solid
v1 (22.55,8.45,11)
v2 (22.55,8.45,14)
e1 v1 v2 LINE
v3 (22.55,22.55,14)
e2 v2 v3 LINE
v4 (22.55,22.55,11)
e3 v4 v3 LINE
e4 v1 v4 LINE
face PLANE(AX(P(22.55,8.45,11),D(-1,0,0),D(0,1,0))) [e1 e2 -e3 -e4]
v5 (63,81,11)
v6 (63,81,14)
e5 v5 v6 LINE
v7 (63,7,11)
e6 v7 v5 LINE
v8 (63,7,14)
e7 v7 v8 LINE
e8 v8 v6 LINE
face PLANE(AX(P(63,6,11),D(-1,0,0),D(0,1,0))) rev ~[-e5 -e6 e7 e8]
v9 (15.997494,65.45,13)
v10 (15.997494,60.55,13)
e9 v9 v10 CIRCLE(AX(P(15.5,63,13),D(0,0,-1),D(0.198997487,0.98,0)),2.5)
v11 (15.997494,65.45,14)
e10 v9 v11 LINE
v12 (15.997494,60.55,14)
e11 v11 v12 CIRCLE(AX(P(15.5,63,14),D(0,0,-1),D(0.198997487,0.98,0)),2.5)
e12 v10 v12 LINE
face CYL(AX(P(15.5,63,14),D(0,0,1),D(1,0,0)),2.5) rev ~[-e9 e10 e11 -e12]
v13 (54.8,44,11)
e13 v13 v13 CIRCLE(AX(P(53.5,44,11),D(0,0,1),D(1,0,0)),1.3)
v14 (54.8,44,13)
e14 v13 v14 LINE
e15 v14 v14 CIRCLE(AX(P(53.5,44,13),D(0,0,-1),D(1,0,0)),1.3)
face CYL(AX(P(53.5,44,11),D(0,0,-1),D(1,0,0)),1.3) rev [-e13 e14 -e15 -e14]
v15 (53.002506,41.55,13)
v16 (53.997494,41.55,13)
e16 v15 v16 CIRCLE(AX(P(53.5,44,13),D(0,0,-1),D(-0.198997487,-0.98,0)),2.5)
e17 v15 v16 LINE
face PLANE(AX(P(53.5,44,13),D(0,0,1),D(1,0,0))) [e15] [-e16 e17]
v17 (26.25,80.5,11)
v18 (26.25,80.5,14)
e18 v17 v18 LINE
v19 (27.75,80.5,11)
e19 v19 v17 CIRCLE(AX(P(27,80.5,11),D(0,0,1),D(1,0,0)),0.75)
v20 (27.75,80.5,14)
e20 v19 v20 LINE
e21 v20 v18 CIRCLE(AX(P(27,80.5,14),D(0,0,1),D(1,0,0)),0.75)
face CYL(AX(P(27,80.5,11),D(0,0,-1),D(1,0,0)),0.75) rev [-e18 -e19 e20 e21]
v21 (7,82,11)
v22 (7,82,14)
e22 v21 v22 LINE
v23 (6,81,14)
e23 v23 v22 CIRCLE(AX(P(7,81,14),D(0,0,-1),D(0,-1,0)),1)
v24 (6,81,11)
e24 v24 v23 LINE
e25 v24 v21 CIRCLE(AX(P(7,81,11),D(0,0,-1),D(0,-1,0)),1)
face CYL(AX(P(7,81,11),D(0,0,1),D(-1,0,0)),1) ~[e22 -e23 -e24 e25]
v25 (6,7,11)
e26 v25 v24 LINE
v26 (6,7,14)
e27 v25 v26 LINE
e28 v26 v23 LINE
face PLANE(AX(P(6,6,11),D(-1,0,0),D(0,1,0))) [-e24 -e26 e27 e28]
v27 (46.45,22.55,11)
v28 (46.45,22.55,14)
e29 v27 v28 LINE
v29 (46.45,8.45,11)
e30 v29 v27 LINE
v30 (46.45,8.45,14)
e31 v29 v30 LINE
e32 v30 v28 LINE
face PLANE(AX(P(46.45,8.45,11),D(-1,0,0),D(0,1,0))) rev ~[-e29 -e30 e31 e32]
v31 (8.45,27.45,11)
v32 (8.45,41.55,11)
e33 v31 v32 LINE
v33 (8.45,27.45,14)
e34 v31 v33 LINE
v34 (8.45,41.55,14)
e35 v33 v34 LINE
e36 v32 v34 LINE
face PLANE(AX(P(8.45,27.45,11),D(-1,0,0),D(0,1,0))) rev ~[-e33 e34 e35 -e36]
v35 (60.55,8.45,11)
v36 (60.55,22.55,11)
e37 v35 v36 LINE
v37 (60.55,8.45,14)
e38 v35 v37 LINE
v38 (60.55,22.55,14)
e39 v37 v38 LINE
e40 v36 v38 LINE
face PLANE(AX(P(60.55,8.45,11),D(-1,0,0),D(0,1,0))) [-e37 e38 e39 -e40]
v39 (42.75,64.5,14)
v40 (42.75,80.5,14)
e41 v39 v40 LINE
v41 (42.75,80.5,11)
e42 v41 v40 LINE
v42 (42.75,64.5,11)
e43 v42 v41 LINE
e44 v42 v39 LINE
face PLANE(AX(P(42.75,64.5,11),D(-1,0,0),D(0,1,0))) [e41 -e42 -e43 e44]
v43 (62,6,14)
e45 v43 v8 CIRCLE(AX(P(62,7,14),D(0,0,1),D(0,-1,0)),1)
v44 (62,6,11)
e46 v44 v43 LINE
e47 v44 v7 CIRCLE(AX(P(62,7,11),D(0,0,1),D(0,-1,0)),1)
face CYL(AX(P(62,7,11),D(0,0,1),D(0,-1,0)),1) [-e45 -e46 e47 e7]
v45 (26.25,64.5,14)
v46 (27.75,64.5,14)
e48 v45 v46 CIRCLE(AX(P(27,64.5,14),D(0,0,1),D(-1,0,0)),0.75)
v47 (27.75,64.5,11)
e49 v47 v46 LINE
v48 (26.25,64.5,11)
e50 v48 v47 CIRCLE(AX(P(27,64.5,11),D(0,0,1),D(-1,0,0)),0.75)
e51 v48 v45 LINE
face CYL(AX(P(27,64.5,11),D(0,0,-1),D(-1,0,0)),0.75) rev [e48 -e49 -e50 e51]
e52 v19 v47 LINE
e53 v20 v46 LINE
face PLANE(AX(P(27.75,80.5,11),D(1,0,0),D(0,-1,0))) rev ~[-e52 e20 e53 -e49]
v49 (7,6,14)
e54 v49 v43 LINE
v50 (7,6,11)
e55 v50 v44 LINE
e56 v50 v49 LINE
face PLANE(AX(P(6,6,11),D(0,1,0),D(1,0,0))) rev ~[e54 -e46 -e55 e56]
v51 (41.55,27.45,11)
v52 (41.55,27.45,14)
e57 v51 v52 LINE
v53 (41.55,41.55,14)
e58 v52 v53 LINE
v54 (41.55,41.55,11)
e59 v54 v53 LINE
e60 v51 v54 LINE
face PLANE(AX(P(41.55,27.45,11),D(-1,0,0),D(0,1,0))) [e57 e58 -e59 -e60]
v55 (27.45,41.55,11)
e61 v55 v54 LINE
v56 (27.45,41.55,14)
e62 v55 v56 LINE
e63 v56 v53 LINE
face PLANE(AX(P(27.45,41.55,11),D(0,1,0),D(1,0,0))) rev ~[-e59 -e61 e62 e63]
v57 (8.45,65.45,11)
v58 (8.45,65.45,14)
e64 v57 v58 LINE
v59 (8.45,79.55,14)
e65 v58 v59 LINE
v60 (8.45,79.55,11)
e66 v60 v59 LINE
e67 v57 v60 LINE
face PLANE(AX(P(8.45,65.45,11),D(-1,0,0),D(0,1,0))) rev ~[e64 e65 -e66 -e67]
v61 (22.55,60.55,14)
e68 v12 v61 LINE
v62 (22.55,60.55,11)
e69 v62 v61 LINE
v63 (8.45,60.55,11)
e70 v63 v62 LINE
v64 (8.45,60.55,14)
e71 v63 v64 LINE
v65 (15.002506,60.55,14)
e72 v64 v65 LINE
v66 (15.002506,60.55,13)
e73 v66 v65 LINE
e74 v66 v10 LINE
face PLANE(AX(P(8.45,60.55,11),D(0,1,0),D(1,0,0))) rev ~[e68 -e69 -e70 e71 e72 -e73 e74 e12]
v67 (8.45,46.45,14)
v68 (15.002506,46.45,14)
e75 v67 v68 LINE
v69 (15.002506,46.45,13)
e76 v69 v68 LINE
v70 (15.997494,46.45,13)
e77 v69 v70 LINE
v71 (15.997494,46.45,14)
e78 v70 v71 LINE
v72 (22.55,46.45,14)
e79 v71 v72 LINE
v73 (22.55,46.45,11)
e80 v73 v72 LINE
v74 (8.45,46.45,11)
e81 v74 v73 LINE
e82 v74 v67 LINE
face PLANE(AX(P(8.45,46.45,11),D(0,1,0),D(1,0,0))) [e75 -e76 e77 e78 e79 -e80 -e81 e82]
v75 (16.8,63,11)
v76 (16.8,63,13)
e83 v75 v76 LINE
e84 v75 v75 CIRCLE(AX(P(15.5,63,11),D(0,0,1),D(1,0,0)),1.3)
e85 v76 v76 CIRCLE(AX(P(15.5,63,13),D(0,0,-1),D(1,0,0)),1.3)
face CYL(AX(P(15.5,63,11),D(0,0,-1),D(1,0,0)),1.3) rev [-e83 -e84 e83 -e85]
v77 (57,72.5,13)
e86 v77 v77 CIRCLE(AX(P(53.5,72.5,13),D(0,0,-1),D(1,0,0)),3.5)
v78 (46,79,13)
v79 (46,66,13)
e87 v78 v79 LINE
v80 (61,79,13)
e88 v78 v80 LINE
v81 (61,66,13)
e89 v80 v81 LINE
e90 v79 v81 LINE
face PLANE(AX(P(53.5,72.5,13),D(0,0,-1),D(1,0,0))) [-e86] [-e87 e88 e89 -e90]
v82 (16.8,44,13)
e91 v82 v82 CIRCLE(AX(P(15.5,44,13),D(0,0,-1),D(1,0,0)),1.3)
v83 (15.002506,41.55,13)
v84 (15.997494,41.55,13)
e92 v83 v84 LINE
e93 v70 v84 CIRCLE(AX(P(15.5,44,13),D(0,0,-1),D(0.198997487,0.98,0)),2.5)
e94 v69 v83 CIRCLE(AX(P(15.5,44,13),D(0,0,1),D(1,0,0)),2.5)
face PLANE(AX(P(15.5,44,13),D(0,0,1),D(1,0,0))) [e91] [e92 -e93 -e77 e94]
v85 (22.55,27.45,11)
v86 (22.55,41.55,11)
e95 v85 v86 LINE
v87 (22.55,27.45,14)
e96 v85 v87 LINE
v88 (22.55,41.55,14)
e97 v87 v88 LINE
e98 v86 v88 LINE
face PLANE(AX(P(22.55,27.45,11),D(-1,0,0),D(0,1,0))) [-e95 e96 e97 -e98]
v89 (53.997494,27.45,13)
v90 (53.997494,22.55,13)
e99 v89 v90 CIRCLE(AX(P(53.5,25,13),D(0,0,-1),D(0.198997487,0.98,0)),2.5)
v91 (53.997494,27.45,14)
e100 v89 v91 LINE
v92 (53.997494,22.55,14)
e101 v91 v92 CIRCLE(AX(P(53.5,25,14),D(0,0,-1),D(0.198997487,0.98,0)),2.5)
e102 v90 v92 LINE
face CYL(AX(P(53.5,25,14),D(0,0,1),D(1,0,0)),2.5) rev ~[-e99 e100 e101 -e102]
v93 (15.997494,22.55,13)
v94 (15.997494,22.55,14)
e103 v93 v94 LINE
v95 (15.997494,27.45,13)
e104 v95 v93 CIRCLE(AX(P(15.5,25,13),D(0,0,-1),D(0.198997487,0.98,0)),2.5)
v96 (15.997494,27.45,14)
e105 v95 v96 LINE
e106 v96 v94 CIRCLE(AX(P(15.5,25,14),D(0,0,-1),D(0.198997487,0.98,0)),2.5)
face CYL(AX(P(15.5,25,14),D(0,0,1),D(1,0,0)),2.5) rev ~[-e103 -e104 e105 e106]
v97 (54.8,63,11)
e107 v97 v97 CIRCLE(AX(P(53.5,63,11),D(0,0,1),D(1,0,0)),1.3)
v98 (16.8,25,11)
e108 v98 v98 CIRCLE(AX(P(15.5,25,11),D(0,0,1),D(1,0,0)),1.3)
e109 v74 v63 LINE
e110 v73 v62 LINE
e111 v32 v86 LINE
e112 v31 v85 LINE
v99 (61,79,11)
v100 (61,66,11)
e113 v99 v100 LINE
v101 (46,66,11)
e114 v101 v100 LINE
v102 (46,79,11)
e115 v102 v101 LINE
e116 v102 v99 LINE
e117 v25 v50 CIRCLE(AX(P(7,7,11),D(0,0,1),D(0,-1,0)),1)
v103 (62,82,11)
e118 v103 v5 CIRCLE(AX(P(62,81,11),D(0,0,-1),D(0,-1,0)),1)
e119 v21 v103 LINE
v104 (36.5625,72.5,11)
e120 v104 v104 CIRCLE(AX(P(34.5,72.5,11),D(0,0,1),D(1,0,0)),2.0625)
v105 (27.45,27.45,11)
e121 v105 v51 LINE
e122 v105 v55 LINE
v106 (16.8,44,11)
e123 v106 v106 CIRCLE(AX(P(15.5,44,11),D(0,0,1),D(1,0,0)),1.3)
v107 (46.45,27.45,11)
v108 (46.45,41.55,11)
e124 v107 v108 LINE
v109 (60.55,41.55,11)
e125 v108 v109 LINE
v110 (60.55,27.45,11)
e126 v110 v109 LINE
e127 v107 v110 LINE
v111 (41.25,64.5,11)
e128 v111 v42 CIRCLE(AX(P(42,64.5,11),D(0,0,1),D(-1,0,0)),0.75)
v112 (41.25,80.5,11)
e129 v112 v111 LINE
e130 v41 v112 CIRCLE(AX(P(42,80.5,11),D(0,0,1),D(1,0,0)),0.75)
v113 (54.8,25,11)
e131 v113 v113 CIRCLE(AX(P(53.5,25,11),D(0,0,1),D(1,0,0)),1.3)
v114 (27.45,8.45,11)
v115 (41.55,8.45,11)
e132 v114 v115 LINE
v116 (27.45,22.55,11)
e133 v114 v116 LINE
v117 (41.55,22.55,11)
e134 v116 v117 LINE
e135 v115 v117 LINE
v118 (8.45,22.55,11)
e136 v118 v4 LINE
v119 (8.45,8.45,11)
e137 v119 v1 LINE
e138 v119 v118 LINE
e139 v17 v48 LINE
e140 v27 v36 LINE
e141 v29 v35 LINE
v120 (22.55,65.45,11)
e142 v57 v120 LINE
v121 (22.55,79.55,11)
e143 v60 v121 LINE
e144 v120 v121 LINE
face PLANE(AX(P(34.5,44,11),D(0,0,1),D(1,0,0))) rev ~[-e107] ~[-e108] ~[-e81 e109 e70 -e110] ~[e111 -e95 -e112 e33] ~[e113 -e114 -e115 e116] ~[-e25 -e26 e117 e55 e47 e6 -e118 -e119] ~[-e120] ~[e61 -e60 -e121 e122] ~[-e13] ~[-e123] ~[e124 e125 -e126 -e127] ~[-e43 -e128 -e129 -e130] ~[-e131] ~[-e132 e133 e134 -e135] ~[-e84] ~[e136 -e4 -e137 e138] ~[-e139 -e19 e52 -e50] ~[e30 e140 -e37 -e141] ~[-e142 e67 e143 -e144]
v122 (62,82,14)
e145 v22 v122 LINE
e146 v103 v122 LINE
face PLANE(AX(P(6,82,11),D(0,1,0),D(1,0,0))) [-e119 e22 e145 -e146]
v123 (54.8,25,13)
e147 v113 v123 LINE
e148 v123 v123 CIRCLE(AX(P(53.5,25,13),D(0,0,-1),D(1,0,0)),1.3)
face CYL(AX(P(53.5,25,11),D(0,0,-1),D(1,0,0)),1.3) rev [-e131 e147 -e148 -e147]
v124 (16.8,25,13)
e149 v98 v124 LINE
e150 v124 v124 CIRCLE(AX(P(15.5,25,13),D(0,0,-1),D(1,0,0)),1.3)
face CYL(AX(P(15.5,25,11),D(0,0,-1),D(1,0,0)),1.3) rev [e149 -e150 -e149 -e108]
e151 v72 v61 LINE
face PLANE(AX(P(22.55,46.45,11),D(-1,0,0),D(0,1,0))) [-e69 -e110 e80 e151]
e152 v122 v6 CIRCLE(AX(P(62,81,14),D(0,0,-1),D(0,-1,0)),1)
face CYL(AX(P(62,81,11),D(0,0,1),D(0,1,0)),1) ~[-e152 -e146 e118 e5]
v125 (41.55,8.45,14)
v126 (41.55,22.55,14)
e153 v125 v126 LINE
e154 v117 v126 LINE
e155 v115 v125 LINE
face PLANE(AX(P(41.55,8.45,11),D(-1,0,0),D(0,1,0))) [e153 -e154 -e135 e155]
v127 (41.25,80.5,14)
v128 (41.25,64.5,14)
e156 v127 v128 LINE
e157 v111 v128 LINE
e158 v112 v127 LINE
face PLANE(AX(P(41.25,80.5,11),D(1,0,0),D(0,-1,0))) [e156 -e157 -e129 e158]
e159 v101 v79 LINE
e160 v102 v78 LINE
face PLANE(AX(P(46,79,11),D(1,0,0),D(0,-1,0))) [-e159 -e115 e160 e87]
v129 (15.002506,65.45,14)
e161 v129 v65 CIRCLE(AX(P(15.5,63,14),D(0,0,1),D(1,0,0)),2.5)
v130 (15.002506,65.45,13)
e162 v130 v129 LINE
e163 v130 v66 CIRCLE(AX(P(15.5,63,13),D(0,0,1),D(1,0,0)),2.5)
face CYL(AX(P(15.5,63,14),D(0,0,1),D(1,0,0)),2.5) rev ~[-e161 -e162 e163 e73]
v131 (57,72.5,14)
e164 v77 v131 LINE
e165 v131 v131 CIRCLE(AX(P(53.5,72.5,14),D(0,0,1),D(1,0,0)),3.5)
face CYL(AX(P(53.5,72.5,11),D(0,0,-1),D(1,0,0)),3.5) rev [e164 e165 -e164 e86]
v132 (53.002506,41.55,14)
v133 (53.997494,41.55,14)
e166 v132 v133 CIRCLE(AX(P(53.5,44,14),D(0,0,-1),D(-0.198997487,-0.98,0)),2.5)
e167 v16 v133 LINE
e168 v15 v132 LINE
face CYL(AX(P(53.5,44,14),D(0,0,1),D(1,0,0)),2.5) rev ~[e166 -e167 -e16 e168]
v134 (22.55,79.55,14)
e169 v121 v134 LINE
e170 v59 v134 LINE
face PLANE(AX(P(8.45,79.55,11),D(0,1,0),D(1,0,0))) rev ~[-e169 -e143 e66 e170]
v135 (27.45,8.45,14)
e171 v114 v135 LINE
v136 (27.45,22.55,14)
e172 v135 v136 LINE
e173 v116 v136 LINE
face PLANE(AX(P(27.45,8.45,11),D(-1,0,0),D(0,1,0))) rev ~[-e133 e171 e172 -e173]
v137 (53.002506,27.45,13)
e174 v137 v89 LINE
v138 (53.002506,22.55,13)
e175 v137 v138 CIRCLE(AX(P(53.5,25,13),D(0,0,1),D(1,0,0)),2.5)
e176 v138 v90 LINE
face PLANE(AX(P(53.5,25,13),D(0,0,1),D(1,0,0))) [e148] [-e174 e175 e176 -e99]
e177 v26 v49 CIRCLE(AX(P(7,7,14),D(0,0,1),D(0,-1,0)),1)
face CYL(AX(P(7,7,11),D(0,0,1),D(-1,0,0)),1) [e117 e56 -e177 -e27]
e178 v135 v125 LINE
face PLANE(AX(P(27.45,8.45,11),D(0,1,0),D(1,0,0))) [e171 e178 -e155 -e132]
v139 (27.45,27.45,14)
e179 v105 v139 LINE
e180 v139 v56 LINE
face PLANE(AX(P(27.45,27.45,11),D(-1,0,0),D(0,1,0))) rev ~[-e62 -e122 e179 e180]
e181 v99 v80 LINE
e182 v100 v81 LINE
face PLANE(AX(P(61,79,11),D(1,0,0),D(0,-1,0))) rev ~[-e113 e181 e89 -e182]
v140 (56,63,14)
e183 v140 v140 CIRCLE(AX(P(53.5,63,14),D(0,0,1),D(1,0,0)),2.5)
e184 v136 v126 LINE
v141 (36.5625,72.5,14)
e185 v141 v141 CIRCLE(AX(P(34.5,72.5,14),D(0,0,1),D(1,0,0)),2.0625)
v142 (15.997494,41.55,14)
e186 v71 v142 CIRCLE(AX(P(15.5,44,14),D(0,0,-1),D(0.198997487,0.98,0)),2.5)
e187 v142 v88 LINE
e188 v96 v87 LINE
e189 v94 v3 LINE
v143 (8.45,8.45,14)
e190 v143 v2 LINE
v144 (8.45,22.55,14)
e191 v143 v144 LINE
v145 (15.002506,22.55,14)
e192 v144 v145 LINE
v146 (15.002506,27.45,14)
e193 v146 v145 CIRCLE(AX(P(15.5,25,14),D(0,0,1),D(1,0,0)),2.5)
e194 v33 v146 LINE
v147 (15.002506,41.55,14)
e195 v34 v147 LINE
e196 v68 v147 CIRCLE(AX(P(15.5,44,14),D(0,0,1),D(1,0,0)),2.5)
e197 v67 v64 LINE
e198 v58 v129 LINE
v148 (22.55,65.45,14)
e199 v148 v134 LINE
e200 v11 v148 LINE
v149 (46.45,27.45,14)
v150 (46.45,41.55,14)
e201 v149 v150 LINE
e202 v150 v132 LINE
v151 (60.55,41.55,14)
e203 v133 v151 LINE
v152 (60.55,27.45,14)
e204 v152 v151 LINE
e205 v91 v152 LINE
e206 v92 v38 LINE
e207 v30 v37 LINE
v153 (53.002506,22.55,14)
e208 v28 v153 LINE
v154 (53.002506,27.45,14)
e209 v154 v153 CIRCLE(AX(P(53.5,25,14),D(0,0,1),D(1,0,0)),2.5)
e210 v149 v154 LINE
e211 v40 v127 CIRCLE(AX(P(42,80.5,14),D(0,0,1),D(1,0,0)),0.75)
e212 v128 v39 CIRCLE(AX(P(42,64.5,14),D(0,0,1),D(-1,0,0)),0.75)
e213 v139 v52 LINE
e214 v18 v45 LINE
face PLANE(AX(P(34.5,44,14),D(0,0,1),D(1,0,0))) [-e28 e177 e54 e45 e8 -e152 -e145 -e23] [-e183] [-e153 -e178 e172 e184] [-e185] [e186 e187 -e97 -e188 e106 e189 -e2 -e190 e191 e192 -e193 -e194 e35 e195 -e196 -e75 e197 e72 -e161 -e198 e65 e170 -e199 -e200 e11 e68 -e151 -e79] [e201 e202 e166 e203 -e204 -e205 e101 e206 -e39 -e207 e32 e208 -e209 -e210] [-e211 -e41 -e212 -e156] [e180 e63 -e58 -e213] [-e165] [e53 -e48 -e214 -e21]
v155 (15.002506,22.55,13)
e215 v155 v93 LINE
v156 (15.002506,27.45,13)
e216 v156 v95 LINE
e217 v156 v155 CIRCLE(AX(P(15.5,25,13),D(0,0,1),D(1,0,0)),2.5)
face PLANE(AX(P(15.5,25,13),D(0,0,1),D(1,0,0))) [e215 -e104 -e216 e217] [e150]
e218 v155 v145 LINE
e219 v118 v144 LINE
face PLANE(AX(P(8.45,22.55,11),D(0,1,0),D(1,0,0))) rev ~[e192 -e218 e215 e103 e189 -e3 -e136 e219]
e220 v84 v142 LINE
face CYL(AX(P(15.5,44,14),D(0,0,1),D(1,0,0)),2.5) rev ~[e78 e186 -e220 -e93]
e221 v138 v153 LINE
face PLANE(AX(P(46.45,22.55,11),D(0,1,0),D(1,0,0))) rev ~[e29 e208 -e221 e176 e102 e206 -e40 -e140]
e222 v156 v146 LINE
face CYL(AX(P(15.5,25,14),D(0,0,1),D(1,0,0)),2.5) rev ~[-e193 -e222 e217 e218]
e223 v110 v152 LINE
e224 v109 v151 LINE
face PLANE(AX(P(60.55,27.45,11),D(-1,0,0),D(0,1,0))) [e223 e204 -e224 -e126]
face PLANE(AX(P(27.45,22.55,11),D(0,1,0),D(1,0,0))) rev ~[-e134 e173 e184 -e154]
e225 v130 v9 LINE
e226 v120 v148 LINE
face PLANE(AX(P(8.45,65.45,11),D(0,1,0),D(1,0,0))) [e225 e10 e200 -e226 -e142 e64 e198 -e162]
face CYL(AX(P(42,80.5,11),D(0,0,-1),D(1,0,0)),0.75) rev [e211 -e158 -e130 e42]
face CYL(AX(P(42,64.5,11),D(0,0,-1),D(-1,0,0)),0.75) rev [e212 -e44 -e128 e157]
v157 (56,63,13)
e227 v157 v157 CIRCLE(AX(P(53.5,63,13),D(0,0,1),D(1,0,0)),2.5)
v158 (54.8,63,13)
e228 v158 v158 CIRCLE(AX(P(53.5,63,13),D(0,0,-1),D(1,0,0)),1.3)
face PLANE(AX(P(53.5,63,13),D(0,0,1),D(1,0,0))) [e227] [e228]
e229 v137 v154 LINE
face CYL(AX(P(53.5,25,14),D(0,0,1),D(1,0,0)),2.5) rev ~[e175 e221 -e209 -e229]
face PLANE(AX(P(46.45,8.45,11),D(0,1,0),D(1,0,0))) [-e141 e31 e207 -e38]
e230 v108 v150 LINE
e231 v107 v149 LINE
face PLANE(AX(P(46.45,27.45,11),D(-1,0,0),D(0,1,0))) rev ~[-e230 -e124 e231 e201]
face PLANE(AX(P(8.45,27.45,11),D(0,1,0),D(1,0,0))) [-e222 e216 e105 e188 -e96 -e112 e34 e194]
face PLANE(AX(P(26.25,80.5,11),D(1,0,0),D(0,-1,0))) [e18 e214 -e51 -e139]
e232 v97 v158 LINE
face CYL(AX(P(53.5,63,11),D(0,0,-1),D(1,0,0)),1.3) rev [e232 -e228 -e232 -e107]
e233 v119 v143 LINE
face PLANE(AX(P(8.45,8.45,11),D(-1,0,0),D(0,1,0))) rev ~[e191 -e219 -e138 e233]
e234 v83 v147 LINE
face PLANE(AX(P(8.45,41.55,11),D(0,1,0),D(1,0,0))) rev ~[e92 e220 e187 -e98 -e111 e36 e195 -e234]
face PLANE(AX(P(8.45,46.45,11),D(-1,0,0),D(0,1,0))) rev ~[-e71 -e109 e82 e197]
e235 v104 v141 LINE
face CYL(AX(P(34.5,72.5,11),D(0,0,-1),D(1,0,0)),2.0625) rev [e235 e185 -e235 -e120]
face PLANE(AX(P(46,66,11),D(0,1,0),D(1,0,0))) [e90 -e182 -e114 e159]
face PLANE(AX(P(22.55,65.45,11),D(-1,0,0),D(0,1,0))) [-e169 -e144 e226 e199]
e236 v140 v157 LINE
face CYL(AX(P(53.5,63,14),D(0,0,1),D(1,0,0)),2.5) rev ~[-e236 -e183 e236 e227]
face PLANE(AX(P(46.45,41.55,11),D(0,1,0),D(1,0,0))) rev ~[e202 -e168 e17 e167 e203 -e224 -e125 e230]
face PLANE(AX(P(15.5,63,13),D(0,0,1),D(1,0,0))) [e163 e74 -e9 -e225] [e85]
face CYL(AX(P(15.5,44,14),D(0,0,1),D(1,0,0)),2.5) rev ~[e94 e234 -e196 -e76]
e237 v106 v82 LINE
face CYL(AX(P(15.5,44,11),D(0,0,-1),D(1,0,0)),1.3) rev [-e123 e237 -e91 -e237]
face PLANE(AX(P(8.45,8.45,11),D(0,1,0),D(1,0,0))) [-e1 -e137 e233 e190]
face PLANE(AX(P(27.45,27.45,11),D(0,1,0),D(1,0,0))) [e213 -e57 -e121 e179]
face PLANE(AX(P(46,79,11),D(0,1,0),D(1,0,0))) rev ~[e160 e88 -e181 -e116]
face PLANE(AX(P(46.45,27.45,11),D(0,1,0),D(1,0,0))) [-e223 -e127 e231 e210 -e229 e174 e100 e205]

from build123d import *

# Parameters (mm, degrees)
SKETCH020_W     = 57
SKETCH020_H     = 76
SKETCH020_R     = 3.5
SKETCH020_R_2   = 1.3
SKETCH020_R_3   = 2.0625
SKETCH020_W_2   = 14.1
SKETCH020_H_2   = 14.1
PAD005_DEPTH    = 3
SKETCH022_W     = 15
SKETCH022_H     = 13
POCKET013_DEPTH = 2
FILLET005_R     = 1
SKETCH027_R     = 2.5
POCKET017_DEPTH = 1


with BuildPart() as part:
    # Sketch020 → Pad005 (new body)
    with BuildSketch(Plane.XY):
        with Locations((28.5, 38)):
            Rectangle(SKETCH020_W, SKETCH020_H)
        with Locations((47.5, 66.5)):
            Circle(SKETCH020_R, mode=Mode.SUBTRACT)
        with Locations((9.5, 57)):
            Circle(SKETCH020_R_2, mode=Mode.SUBTRACT)
        with Locations((9.5, 19)):
            Circle(SKETCH020_R_2, mode=Mode.SUBTRACT)
        with Locations((47.5, 19)):
            Circle(SKETCH020_R_2, mode=Mode.SUBTRACT)
        with Locations((47.5, 57)):
            Circle(SKETCH020_R_2, mode=Mode.SUBTRACT)
        with Locations((9.5, 38)):
            Circle(SKETCH020_R_2, mode=Mode.SUBTRACT)
        with Locations((47.5, 38)):
            Circle(SKETCH020_R_2, mode=Mode.SUBTRACT)
        with Locations((28.5, 66.5)):
            Circle(SKETCH020_R_3, mode=Mode.SUBTRACT)
        with Locations((9.5, 9.5)):
            Rectangle(SKETCH020_W_2, SKETCH020_H_2, mode=Mode.SUBTRACT)
        with Locations((9.5, 28.5)):
            Rectangle(SKETCH020_W_2, SKETCH020_H_2, mode=Mode.SUBTRACT)
        with Locations((9.5, 47.5)):
            Rectangle(SKETCH020_W_2, SKETCH020_H_2, mode=Mode.SUBTRACT)
        with Locations((9.5, 66.5)):
            Rectangle(SKETCH020_W_2, SKETCH020_H_2, mode=Mode.SUBTRACT)
        with Locations((28.5, 28.5)):
            Rectangle(SKETCH020_W_2, SKETCH020_H_2, mode=Mode.SUBTRACT)
        with Locations((47.5, 28.5)):
            Rectangle(SKETCH020_W_2, SKETCH020_H_2, mode=Mode.SUBTRACT)
        with Locations((28.5, 9.5)):
            Rectangle(SKETCH020_W_2, SKETCH020_H_2, mode=Mode.SUBTRACT)
        with Locations((47.5, 9.5)):
            Rectangle(SKETCH020_W_2, SKETCH020_H_2, mode=Mode.SUBTRACT)
        with BuildLine():
            ThreePointArc((21.75, 74.5), (21, 75.25), (20.25, 74.5))
            Line((20.25, 74.5), (20.25, 58.5))
            ThreePointArc((20.25, 58.5), (21, 57.75), (21.75, 58.5))
            Line((21.75, 74.5), (21.75, 58.5))
        make_face(mode=Mode.SUBTRACT)
        with BuildLine():
            ThreePointArc((36.75, 74.5), (36, 75.25), (35.25, 74.5))
            Line((35.25, 74.5), (35.25, 58.5))
            ThreePointArc((35.25, 58.5), (36, 57.75), (36.75, 58.5))
            Line((36.75, 58.5), (36.75, 74.5))
        make_face(mode=Mode.SUBTRACT)
    extrude(amount=PAD005_DEPTH)

    # Sketch022 → Pocket013 (cut)
    with BuildSketch(Plane(origin=(0, 0, 0), x_dir=(1, 0, 0), z_dir=(0, 0, -1))):
        with Locations((47.5, -66.5)):
            Rectangle(SKETCH022_W, SKETCH022_H)
    extrude(amount=-POCKET013_DEPTH, mode=Mode.SUBTRACT)

    # Fillet005
    fillet005_edges = [part.edges().sort_by_distance(p)[0] for p in [
        (0, 0, 1.5),
        (57, 0, 1.5),
        (57, 76, 1.5),
        (0, 76, 1.5),
    ]]
    fillet(fillet005_edges, radius=FILLET005_R)

    # Sketch027 (on Face5 of Fillet005) → Pocket017 (cut)
    with BuildSketch(Plane.XY.offset(3)):
        with Locations((9.5, 57)):
            Circle(SKETCH027_R)
        with Locations((9.5, 38)):
            Circle(SKETCH027_R)
        with Locations((47.5, 57)):
            Circle(SKETCH027_R)
        with Locations((47.5, 38)):
            Circle(SKETCH027_R)
        with Locations((47.5, 19)):
            Circle(SKETCH027_R)
        with Locations((9.5, 19)):
            Circle(SKETCH027_R)
    extrude(amount=-POCKET017_DEPTH, mode=Mode.SUBTRACT)


with BuildPart() as part_1:
    # Body004 placement: moved
    add(part.part.moved(Location((6, 6, 11))))


solid = part_1.part
